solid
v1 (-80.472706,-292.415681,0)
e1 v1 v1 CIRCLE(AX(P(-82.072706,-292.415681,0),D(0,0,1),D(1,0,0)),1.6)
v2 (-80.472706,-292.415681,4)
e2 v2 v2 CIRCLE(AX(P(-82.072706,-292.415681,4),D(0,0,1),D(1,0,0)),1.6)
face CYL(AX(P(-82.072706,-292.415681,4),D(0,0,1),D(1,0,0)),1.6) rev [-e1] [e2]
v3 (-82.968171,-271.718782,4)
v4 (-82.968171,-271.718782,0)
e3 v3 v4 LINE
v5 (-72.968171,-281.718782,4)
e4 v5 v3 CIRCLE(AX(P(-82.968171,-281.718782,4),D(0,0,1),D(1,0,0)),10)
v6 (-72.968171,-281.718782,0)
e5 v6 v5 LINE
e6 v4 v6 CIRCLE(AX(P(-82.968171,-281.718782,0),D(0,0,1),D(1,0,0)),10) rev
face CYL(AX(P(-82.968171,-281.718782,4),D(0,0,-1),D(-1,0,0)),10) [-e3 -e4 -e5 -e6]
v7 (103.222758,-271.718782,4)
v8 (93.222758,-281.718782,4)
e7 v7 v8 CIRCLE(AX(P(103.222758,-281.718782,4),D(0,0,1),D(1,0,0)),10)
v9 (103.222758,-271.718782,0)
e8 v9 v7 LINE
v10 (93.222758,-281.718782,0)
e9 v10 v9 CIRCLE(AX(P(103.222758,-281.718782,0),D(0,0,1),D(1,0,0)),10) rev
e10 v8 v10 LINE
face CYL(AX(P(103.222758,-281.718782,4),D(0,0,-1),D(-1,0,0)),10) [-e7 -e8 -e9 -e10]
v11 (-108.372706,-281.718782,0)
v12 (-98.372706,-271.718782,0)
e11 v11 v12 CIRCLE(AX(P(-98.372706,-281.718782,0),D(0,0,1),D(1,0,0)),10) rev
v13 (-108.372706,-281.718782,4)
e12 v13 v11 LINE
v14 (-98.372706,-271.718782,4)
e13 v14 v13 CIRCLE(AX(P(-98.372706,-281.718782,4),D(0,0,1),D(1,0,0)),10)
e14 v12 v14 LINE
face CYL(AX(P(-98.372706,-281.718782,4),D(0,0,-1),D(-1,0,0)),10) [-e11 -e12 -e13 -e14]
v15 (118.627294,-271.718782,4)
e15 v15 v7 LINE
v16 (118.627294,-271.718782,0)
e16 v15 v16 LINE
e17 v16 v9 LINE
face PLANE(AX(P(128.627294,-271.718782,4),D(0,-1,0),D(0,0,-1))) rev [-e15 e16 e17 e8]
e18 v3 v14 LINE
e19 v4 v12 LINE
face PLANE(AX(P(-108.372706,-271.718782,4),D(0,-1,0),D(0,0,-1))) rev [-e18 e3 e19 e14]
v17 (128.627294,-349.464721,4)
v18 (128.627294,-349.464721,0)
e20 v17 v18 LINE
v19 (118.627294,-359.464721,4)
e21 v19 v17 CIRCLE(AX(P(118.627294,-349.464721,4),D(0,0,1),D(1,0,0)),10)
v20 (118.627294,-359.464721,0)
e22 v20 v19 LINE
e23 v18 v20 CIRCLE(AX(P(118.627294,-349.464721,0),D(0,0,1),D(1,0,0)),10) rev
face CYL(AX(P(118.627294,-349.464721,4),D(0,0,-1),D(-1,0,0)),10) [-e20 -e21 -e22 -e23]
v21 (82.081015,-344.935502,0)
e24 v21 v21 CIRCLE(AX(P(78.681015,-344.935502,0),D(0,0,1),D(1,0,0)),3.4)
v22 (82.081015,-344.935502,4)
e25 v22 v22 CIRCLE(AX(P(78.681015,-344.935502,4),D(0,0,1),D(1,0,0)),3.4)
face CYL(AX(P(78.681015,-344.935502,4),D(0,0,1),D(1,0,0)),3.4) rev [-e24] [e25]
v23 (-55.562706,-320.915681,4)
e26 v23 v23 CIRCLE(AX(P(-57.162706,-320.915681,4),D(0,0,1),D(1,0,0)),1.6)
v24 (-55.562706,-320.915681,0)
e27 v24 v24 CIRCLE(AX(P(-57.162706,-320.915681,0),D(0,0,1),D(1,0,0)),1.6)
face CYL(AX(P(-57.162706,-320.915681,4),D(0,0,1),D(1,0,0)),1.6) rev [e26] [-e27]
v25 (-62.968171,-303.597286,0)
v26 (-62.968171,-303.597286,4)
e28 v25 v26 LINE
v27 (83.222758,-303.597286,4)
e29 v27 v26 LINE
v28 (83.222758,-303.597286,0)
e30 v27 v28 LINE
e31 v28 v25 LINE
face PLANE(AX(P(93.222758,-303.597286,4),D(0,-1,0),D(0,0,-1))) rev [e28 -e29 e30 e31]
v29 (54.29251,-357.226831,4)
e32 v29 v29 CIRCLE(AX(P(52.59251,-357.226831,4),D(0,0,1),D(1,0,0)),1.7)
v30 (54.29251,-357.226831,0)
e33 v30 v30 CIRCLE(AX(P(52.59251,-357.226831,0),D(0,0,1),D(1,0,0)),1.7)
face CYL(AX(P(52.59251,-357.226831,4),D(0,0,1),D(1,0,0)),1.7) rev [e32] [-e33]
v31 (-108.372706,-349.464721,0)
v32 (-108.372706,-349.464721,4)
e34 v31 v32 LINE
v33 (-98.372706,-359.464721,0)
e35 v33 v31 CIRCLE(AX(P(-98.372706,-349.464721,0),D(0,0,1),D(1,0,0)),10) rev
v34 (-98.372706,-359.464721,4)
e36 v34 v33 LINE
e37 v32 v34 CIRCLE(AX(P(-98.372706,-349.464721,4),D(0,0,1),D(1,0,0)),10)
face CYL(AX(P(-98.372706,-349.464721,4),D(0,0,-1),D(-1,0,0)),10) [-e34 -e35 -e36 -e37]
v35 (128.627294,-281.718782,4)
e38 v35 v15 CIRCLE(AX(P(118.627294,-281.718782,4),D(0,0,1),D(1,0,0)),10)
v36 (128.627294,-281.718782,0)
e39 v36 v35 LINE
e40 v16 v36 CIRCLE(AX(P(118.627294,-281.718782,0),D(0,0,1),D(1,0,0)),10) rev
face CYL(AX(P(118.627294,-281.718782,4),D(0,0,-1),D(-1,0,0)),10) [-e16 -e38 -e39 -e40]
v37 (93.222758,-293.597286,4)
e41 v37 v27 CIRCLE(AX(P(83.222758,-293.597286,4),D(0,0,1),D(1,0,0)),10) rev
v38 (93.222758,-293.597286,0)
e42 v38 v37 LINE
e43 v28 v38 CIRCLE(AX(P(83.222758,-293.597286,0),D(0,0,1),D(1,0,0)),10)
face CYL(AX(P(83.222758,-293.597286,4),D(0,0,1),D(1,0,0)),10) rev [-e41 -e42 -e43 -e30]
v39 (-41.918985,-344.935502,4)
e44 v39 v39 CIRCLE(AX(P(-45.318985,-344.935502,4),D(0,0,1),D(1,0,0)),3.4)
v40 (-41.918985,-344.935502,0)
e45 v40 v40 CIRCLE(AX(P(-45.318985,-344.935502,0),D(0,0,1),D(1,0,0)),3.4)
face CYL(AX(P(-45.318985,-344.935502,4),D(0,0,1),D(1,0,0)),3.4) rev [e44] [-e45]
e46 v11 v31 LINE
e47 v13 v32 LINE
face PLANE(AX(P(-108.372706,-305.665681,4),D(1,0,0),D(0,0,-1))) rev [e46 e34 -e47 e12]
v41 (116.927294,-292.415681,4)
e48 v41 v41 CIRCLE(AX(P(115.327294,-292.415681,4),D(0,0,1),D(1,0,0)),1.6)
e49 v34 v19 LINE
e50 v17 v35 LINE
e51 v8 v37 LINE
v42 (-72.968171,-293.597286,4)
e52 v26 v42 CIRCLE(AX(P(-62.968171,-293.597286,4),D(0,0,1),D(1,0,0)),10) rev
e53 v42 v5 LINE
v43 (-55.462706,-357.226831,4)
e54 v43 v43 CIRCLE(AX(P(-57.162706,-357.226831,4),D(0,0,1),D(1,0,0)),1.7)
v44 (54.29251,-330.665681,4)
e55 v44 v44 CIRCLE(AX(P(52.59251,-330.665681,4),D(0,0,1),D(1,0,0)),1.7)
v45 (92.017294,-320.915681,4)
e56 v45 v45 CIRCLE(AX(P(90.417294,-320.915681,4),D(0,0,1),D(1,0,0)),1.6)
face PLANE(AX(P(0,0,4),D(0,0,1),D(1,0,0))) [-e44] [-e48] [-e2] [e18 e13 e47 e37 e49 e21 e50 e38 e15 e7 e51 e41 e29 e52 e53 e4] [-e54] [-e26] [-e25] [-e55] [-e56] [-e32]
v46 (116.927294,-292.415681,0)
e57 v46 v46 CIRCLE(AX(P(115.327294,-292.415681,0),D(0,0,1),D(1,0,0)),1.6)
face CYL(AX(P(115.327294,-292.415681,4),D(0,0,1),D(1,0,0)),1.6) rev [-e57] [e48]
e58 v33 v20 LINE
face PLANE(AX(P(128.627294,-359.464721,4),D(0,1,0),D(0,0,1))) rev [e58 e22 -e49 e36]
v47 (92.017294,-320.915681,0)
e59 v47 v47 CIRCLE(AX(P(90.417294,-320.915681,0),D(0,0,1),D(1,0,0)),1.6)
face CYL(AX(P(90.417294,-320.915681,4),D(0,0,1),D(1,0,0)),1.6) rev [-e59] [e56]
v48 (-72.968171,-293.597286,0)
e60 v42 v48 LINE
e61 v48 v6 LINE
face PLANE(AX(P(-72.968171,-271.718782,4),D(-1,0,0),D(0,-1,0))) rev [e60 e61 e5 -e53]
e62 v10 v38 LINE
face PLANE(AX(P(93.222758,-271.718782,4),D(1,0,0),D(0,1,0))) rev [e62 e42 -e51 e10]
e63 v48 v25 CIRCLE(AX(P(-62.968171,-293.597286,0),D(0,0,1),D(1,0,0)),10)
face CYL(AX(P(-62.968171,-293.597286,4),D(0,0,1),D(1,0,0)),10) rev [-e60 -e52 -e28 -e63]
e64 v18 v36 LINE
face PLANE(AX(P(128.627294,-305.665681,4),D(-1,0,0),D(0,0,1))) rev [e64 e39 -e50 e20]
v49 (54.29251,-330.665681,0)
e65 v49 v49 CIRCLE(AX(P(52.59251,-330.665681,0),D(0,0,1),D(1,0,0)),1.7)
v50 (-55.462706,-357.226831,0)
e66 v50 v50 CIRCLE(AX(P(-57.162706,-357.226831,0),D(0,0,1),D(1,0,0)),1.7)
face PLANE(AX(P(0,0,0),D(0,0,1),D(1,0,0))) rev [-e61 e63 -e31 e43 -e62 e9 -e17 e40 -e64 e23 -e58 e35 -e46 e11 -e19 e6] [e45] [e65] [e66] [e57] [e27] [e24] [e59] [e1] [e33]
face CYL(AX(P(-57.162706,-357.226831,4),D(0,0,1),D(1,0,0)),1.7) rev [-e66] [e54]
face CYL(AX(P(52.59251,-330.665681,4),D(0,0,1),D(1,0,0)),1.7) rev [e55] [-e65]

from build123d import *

# Parameters (mm, degrees)
BOSS_EXTRUDE1_DEPTH     = 4
M3_CLEARANCE_HOLE1_D    = 3.2
FILLET1_R               = 10
TAP_DRILL_FOR_M8_TAP1_D = 6.8
M3_CLEARANCE_HOLE3_D    = 3.4


with BuildPart() as part:
    # Sketch1 → Boss-Extrude1 (new body)
    with BuildSketch(Plane.XY):
        Polygon((128.627293893, -305.665681156), (128.627293893, -359.464720764), (-108.372706107, -359.464720764), (-108.372706107, -305.665681156), (-108.372706107, -271.718782294), (-72.968170503, -271.718782294), (-72.968170503, -303.597286204), (93.222758289, -303.597286204), (93.222758289, -271.718782294), (128.627293893, -271.718782294), align=None)
    extrude(amount=BOSS_EXTRUDE1_DEPTH)

    # M3 Clearance Hole1 (through all)
    with Locations(Plane.XY.offset(4)):
        with Locations((-82.072706107, -292.415681156), (115.327293893, -292.415681156), (90.417293893, -320.915681156), (-57.162706107, -320.915681156)):
            Hole(M3_CLEARANCE_HOLE1_D / 2)

    # Fillet1
    fillet1_edges = [part.edges().sort_by_distance(p)[0] for p in [
        (128.627293893, -359.464720764, 2),
        (-108.372706107, -359.464720764, 2),
        (-108.372706107, -271.718782294, 2),
        (-72.968170503, -271.718782294, 2),
        (-72.968170503, -303.597286204, 2),
        (93.222758289, -303.597286204, 2),
        (93.222758289, -271.718782294, 2),
        (128.627293893, -271.718782294, 2),
    ]]
    fillet(fillet1_edges, radius=FILLET1_R)

    # Tap Drill for M8 Tap1 (through all)
    with Locations(Plane.XY.offset(4)):
        with Locations((78.681014792, -344.935502047), (-45.318985208, -344.935502047)):
            Hole(TAP_DRILL_FOR_M8_TAP1_D / 2)

    # M3 Clearance Hole3 (through all)
    with Locations(Plane.XY.offset(4)):
        with Locations((52.592509681, -330.665681156), (52.592509681, -357.226830961), (-57.162706107, -357.226830961)):
            Hole(M3_CLEARANCE_HOLE3_D / 2)


solid = part.part
